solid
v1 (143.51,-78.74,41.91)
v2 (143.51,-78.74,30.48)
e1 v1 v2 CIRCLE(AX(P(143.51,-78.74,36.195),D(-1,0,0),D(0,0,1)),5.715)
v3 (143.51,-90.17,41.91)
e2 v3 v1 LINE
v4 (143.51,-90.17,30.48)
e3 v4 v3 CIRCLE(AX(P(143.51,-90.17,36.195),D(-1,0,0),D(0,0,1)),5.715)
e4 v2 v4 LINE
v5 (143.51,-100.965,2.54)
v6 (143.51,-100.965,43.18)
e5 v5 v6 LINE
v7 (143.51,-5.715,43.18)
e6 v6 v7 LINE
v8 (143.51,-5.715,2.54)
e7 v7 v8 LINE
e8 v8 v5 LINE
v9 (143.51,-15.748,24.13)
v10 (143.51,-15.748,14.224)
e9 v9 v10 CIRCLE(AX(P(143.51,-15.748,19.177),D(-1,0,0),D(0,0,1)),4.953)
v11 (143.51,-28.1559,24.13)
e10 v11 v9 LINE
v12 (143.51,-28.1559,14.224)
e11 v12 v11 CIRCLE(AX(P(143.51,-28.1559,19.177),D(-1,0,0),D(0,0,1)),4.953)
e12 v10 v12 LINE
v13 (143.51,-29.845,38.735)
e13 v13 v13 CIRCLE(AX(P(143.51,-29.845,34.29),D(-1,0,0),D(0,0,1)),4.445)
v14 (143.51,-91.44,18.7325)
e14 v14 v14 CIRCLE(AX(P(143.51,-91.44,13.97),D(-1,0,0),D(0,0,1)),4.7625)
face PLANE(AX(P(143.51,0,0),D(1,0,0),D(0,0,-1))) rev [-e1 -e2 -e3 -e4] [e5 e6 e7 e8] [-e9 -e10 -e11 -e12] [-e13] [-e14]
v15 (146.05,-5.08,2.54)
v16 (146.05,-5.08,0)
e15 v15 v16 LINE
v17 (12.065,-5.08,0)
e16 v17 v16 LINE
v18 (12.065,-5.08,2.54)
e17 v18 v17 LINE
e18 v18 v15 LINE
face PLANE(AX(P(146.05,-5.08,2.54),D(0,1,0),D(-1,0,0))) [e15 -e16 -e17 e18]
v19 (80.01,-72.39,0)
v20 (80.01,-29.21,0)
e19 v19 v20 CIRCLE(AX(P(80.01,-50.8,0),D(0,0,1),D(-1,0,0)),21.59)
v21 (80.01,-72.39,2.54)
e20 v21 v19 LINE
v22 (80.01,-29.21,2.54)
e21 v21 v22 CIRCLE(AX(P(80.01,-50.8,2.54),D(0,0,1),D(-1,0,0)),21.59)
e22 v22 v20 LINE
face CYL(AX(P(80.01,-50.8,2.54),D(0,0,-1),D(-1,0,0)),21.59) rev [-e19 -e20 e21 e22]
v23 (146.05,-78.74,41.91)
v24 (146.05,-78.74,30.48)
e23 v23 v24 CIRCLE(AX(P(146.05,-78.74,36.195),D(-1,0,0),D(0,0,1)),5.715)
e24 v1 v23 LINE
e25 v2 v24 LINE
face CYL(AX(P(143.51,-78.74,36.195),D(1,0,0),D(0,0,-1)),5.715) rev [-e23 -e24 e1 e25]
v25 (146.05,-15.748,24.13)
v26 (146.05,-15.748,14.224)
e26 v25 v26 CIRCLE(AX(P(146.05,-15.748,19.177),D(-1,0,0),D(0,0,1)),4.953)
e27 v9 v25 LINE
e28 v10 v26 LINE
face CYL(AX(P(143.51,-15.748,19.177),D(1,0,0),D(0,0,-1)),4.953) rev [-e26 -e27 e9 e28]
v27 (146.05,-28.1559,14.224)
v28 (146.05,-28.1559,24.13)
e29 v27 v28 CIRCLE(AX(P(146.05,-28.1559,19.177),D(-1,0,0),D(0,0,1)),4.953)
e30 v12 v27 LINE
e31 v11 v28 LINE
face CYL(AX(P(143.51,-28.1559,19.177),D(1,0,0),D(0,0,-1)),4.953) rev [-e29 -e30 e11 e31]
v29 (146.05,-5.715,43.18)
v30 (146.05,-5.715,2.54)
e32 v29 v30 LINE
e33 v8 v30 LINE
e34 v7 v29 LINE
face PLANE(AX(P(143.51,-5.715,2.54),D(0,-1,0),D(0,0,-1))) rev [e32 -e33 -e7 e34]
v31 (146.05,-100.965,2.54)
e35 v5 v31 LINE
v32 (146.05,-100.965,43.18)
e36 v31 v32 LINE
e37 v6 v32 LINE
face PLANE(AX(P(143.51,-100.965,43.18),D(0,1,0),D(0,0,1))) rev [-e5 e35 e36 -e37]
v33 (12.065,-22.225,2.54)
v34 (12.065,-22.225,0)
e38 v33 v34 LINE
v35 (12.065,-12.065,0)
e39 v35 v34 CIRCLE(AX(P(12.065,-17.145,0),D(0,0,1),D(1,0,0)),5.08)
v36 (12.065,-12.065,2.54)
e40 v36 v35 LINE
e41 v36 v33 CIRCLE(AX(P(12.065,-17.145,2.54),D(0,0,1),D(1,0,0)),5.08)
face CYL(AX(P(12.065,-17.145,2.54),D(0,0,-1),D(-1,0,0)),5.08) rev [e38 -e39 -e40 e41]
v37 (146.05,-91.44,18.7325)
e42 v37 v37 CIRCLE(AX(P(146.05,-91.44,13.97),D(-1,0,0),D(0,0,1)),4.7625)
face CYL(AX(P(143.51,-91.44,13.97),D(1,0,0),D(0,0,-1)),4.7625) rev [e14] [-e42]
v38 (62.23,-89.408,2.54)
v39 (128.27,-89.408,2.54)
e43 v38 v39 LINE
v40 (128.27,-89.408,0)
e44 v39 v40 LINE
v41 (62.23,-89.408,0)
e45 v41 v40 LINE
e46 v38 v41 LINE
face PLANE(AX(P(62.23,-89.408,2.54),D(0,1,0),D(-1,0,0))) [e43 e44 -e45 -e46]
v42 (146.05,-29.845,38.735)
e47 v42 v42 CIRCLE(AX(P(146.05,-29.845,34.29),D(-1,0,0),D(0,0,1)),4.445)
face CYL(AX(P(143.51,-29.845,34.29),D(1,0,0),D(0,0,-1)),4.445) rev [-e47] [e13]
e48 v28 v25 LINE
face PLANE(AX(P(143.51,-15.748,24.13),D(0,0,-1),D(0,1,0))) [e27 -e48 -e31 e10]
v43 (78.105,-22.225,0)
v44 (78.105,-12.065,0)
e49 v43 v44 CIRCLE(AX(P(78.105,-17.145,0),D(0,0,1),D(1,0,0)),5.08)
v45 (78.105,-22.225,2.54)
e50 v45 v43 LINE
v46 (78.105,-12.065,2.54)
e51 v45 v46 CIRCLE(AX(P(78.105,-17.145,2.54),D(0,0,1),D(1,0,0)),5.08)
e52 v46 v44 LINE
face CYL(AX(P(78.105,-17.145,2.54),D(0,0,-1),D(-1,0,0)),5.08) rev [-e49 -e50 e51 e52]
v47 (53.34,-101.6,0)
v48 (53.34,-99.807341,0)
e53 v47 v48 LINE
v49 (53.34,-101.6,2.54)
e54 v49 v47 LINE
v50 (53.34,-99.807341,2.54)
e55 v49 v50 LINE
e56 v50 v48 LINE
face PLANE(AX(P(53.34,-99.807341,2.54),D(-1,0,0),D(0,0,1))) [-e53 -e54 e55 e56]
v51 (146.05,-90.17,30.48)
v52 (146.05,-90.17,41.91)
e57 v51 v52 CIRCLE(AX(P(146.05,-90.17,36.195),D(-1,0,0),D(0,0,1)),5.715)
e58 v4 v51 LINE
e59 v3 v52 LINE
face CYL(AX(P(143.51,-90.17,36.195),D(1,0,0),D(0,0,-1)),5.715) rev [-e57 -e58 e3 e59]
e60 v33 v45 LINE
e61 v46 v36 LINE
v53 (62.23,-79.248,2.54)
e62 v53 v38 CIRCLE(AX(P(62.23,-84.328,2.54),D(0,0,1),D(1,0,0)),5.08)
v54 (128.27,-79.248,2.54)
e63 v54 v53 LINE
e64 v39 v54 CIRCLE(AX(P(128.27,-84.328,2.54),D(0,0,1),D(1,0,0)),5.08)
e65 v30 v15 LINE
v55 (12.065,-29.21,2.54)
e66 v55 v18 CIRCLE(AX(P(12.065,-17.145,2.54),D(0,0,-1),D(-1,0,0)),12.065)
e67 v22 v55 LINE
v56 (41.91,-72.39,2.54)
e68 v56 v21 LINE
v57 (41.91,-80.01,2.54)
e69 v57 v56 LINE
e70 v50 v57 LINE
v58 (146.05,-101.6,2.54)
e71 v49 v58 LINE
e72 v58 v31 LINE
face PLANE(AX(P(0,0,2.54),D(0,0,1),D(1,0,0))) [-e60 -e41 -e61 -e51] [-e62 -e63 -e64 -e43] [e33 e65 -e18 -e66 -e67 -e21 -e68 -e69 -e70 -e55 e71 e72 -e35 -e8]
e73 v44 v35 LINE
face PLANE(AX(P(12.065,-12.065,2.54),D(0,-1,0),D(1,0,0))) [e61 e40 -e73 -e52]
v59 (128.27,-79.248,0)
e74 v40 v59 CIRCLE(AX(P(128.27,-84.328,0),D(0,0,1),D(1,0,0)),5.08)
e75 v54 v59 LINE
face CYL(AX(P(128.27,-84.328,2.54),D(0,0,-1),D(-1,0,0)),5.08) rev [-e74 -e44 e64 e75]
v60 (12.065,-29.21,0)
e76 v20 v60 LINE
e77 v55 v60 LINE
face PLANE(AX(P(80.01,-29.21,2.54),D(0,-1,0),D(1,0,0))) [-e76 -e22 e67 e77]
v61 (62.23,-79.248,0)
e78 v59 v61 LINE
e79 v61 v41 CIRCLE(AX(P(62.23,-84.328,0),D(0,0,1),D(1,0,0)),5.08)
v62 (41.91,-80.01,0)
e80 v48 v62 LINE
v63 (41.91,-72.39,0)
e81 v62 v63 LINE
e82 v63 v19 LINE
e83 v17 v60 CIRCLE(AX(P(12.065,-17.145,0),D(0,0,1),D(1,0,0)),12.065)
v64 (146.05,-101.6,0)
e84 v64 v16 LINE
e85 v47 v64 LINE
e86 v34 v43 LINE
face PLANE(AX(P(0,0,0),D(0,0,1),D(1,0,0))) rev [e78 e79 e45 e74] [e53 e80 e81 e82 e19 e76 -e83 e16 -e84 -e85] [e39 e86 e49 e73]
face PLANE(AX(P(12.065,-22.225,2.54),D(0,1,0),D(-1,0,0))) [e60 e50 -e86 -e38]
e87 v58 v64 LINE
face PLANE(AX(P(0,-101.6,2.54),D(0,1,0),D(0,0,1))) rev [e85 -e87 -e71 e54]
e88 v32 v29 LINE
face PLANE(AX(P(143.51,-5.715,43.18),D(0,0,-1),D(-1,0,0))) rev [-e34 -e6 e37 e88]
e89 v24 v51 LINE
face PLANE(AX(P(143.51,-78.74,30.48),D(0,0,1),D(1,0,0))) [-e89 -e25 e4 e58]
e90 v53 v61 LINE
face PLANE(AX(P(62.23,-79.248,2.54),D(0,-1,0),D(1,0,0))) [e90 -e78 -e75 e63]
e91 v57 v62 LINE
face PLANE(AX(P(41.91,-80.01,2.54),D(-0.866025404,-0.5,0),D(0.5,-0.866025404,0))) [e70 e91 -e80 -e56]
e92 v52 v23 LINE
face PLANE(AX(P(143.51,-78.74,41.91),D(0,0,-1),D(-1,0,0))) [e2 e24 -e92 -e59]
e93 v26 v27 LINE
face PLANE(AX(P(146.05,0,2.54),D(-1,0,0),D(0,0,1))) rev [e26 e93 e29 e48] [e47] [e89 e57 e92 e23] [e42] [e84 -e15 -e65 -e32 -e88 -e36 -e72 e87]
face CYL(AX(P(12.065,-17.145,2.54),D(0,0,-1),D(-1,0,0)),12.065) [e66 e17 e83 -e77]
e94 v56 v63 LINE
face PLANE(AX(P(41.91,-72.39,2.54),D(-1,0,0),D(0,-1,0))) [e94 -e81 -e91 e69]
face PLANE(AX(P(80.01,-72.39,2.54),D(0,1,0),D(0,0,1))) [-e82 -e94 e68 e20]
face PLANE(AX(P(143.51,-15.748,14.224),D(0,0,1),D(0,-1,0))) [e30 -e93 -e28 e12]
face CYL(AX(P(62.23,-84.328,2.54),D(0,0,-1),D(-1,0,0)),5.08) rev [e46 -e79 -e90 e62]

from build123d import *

# Parameters (mm, degrees)
SKETCH1_W           = 146.05
SKETCH1_H           = 101.6
BOSS_EXTRUDE1_DEPTH = 2.54
CUT_EXTRUDE1_DEPTH  = 178.931487095
SKETCH4_W           = 40.64
SKETCH4_H           = 95.25
SKETCH4_R           = 4.445
SKETCH4_R_2         = 4.7625
BOSS_EXTRUDE2_DEPTH = 2.54


with BuildPart() as part:
    # Sketch1 → Boss-Extrude1 (new body)
    with BuildSketch(Plane.XY):
        with Locations((73.025, -50.8)):
            Rectangle(SKETCH1_W, SKETCH1_H)
    extrude(amount=BOSS_EXTRUDE1_DEPTH)

    # Sketch2 → Cut-Extrude1 (cut, through all)
    with BuildSketch(Plane.XY):
        with BuildLine():
            Line((80.01, -72.39), (41.91, -72.39))
            Line((41.91, -72.39), (41.91, -80.01))
            Line((41.91, -80.01), (53.34, -99.807340731))
            Line((53.34, -99.807340731), (53.34, -101.6))
            Line((53.34, -101.6), (0, -101.6))
            Line((0, -101.6), (0, -29.21))
            Line((0, -29.21), (-13.136118413, -29.21))
            Line((-13.136118413, -29.21), (-13.136118413, 0))
            Line((-13.136118413, 0), (146.05, 0))
            Line((146.05, 0), (146.05, -5.08))
            Line((146.05, -5.08), (12.065, -5.08))
            ThreePointArc((12.065, -5.08), (0, -17.145), (12.065, -29.21))
            Line((12.065, -29.21), (80.01, -29.21))
            ThreePointArc((80.01, -29.21), (101.6, -50.8), (80.01, -72.39))
        make_face()
        with BuildLine():
            Line((12.065, -12.065), (78.105, -12.065))
            ThreePointArc((78.105, -12.065), (83.185, -17.145), (78.105, -22.225))
            Line((78.105, -22.225), (12.065, -22.225))
            ThreePointArc((12.065, -22.225), (6.985, -17.145), (12.065, -12.065))
        make_face()
        with BuildLine():
            Line((62.23, -79.248), (128.27, -79.248))
            ThreePointArc((128.27, -79.248), (133.35, -84.328), (128.27, -89.408))
            Line((128.27, -89.408), (62.23, -89.408))
            ThreePointArc((62.23, -89.408), (57.15, -84.328), (62.23, -79.248))
        make_face()
    extrude(amount=CUT_EXTRUDE1_DEPTH, mode=Mode.SUBTRACT)

    # Sketch4 → Boss-Extrude2 (add)
    with BuildSketch(Plane.ZY.offset(-146.05)):
        with Locations((22.86, -53.34)):
            Rectangle(SKETCH4_W, SKETCH4_H)
        with Locations((34.29, -29.845)):
            Circle(SKETCH4_R, mode=Mode.SUBTRACT)
        with Locations((13.97, -91.44)):
            Circle(SKETCH4_R_2, mode=Mode.SUBTRACT)
        with BuildLine():
            Line((24.13, -15.748), (24.13, -28.1559))
            ThreePointArc((24.13, -28.1559), (19.177, -33.1089), (14.224, -28.1559))
            Line((14.224, -28.1559), (14.224, -15.748))
            ThreePointArc((14.224, -15.748), (19.177, -10.795), (24.13, -15.748))
        make_face(mode=Mode.SUBTRACT)
        with BuildLine():
            Line((41.91, -78.74), (41.91, -90.17))
            ThreePointArc((41.91, -90.17), (36.195, -95.885), (30.48, -90.17))
            Line((30.48, -90.17), (30.48, -78.74))
            ThreePointArc((30.48, -78.74), (36.195, -73.025), (41.91, -78.74))
        make_face(mode=Mode.SUBTRACT)
    extrude(amount=BOSS_EXTRUDE2_DEPTH)


solid = part.part
